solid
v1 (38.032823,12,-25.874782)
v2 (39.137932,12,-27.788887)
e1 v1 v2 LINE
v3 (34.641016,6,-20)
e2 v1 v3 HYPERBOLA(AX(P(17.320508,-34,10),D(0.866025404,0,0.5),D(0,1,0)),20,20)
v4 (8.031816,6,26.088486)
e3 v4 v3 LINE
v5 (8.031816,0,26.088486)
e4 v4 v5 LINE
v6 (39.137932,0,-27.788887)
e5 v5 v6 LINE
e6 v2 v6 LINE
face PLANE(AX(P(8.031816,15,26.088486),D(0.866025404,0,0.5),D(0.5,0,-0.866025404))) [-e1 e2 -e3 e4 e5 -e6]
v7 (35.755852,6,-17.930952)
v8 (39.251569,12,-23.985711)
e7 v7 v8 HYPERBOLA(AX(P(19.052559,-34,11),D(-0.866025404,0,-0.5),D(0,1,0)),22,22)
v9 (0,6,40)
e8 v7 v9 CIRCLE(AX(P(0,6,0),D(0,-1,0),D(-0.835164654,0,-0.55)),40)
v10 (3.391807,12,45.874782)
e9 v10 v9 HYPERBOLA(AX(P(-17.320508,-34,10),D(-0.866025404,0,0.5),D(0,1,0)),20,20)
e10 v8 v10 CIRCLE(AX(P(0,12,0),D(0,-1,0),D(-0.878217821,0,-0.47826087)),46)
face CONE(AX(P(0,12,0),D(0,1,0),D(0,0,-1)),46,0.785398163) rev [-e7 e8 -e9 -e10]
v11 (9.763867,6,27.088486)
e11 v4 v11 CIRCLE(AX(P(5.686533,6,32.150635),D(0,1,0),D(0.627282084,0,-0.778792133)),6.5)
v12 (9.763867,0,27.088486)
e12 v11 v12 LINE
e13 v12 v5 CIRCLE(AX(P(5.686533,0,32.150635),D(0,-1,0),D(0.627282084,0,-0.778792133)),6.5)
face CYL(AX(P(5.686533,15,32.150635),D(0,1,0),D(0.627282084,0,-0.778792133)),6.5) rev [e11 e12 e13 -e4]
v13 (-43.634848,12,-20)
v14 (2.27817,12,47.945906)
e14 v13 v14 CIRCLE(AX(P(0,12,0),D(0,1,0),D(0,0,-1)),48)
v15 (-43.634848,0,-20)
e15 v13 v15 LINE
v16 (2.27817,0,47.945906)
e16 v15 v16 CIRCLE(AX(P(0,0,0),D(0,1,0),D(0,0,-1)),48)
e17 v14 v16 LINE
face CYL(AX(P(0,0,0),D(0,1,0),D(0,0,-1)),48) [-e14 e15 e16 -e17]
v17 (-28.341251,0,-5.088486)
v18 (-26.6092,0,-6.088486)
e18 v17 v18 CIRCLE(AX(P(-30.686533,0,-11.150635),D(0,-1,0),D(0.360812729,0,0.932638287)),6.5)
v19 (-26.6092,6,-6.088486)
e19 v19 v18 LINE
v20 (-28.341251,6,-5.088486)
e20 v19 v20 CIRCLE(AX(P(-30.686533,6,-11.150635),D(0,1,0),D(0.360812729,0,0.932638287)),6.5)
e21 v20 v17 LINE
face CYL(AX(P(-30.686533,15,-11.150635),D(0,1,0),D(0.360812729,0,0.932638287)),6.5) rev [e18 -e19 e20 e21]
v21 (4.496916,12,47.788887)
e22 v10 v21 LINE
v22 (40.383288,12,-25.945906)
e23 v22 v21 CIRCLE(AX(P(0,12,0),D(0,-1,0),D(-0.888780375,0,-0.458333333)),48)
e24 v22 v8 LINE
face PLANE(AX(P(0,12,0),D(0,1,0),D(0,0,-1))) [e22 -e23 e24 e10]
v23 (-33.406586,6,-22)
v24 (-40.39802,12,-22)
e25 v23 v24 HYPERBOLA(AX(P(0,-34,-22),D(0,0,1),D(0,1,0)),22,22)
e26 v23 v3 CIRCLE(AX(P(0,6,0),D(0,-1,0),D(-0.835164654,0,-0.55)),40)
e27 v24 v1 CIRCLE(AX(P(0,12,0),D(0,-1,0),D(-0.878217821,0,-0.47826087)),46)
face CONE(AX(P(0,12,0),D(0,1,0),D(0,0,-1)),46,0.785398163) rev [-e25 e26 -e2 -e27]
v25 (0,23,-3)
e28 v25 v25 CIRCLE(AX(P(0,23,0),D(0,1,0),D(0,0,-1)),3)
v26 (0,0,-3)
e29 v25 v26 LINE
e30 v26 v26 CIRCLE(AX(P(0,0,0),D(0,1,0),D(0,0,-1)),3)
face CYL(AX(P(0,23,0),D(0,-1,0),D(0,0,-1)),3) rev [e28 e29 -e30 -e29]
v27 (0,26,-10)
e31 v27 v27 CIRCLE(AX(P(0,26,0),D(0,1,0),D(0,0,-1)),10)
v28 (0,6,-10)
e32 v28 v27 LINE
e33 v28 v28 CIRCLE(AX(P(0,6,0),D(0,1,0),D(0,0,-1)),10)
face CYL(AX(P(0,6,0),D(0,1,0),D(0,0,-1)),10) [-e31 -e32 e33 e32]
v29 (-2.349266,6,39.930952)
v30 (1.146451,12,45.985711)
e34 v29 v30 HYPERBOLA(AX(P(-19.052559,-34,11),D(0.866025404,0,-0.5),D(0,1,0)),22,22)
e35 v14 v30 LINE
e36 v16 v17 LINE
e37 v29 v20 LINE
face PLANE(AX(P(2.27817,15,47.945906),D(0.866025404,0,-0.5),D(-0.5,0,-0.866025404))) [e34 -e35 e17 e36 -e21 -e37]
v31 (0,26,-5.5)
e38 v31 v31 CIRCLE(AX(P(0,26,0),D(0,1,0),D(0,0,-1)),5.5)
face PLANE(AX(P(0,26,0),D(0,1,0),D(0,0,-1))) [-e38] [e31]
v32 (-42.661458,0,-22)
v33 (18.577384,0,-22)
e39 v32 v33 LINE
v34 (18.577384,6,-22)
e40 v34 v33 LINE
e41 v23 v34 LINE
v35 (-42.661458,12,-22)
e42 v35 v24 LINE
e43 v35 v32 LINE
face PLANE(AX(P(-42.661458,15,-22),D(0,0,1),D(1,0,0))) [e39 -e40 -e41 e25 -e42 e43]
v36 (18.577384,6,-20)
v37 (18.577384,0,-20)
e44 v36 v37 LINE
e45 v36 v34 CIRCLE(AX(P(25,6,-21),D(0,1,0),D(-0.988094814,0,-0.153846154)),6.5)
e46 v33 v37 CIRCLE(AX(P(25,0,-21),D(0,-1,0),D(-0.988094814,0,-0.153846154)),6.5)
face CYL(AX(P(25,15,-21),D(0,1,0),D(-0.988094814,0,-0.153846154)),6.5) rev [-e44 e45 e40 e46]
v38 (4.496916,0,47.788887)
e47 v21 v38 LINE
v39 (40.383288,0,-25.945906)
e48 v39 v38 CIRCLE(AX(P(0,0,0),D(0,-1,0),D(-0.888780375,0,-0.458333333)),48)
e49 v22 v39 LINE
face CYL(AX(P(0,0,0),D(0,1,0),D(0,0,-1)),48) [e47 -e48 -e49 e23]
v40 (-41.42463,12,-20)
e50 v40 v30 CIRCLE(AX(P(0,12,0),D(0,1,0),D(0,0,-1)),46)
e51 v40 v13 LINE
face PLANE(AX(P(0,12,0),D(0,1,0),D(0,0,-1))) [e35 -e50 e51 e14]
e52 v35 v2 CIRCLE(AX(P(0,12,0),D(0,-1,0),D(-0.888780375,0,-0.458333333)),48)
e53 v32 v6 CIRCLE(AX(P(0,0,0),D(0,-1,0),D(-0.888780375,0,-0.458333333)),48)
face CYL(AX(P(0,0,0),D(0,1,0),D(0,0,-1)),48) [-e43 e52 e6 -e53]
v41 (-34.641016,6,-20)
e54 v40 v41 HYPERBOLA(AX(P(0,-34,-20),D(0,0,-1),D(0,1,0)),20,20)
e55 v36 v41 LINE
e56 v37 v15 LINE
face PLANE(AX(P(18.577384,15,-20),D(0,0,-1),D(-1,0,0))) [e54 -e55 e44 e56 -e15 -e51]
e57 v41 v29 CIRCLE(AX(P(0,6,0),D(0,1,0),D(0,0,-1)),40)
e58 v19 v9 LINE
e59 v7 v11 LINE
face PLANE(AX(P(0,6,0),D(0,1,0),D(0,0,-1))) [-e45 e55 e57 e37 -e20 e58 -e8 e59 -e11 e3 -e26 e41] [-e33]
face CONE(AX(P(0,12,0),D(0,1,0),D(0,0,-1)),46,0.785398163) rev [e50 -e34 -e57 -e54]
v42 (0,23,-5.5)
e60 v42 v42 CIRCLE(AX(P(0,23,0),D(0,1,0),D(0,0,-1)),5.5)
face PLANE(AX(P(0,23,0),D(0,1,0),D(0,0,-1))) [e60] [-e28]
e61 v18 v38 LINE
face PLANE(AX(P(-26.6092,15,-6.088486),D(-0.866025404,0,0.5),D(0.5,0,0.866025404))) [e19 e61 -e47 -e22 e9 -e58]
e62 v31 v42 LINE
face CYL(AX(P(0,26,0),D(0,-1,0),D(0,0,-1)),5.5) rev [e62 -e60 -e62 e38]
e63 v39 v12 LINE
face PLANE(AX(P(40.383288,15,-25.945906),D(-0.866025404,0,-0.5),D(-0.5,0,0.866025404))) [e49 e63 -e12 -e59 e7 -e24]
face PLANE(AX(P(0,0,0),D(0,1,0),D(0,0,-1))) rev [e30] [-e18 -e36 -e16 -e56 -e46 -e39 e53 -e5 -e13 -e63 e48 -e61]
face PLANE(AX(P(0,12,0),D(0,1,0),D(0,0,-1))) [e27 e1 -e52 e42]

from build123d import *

# Parameters (mm, degrees)
CUT_EXTRUDE_START        = -15
CUT_EXTRUDE_1_DEPTH      = 15
PATTERN_CIRCULAR_1_COUNT = 3


with BuildPart() as part:
    # 草图2 → 旋转1 (revolve)
    with BuildSketch(Plane.XY):
        Polygon((3, 0), (48, 0), (48, 12), (46, 12), (40, 6), (10, 6), (10, 26), (5.5, 26), (5.5, 23), (3, 23), align=None)
    revolve(axis=Axis((0, -31.681818182, 0), (0, 1, 0)))

    # 草图4 → 切除-拉伸1 (cut)
    with BuildSketch(Plane(origin=(0, 0, 0), x_dir=(-1, 0, 0), z_dir=(0, -1, 0)).offset(CUT_EXTRUDE_START)):
        with BuildLine():
            Line((-18.577383711, 20), (43.634848459, 20))
            ThreePointArc((43.634848459, 20), (43.159739663, 21.005639058), (42.661458015, 22))
            Line((42.661458015, 22), (-18.577383711, 22))
            ThreePointArc((-18.577383711, 22), (-31.5, 21), (-18.577383711, 20))
        make_face()
    cut_extrude_1 = extrude(amount=CUT_EXTRUDE_1_DEPTH, mode=Mode.SUBTRACT)

    # 阵列(圆周)1: 切除-拉伸1 ×3 about axis
    pattern_circular_1_axis = Axis((0, 27.3, 0), (0, -1, 0))
    for i in range(1, PATTERN_CIRCULAR_1_COUNT):
        add(cut_extrude_1.rotate(pattern_circular_1_axis, i * 360 / PATTERN_CIRCULAR_1_COUNT), mode=Mode.SUBTRACT)


solid = part.part
